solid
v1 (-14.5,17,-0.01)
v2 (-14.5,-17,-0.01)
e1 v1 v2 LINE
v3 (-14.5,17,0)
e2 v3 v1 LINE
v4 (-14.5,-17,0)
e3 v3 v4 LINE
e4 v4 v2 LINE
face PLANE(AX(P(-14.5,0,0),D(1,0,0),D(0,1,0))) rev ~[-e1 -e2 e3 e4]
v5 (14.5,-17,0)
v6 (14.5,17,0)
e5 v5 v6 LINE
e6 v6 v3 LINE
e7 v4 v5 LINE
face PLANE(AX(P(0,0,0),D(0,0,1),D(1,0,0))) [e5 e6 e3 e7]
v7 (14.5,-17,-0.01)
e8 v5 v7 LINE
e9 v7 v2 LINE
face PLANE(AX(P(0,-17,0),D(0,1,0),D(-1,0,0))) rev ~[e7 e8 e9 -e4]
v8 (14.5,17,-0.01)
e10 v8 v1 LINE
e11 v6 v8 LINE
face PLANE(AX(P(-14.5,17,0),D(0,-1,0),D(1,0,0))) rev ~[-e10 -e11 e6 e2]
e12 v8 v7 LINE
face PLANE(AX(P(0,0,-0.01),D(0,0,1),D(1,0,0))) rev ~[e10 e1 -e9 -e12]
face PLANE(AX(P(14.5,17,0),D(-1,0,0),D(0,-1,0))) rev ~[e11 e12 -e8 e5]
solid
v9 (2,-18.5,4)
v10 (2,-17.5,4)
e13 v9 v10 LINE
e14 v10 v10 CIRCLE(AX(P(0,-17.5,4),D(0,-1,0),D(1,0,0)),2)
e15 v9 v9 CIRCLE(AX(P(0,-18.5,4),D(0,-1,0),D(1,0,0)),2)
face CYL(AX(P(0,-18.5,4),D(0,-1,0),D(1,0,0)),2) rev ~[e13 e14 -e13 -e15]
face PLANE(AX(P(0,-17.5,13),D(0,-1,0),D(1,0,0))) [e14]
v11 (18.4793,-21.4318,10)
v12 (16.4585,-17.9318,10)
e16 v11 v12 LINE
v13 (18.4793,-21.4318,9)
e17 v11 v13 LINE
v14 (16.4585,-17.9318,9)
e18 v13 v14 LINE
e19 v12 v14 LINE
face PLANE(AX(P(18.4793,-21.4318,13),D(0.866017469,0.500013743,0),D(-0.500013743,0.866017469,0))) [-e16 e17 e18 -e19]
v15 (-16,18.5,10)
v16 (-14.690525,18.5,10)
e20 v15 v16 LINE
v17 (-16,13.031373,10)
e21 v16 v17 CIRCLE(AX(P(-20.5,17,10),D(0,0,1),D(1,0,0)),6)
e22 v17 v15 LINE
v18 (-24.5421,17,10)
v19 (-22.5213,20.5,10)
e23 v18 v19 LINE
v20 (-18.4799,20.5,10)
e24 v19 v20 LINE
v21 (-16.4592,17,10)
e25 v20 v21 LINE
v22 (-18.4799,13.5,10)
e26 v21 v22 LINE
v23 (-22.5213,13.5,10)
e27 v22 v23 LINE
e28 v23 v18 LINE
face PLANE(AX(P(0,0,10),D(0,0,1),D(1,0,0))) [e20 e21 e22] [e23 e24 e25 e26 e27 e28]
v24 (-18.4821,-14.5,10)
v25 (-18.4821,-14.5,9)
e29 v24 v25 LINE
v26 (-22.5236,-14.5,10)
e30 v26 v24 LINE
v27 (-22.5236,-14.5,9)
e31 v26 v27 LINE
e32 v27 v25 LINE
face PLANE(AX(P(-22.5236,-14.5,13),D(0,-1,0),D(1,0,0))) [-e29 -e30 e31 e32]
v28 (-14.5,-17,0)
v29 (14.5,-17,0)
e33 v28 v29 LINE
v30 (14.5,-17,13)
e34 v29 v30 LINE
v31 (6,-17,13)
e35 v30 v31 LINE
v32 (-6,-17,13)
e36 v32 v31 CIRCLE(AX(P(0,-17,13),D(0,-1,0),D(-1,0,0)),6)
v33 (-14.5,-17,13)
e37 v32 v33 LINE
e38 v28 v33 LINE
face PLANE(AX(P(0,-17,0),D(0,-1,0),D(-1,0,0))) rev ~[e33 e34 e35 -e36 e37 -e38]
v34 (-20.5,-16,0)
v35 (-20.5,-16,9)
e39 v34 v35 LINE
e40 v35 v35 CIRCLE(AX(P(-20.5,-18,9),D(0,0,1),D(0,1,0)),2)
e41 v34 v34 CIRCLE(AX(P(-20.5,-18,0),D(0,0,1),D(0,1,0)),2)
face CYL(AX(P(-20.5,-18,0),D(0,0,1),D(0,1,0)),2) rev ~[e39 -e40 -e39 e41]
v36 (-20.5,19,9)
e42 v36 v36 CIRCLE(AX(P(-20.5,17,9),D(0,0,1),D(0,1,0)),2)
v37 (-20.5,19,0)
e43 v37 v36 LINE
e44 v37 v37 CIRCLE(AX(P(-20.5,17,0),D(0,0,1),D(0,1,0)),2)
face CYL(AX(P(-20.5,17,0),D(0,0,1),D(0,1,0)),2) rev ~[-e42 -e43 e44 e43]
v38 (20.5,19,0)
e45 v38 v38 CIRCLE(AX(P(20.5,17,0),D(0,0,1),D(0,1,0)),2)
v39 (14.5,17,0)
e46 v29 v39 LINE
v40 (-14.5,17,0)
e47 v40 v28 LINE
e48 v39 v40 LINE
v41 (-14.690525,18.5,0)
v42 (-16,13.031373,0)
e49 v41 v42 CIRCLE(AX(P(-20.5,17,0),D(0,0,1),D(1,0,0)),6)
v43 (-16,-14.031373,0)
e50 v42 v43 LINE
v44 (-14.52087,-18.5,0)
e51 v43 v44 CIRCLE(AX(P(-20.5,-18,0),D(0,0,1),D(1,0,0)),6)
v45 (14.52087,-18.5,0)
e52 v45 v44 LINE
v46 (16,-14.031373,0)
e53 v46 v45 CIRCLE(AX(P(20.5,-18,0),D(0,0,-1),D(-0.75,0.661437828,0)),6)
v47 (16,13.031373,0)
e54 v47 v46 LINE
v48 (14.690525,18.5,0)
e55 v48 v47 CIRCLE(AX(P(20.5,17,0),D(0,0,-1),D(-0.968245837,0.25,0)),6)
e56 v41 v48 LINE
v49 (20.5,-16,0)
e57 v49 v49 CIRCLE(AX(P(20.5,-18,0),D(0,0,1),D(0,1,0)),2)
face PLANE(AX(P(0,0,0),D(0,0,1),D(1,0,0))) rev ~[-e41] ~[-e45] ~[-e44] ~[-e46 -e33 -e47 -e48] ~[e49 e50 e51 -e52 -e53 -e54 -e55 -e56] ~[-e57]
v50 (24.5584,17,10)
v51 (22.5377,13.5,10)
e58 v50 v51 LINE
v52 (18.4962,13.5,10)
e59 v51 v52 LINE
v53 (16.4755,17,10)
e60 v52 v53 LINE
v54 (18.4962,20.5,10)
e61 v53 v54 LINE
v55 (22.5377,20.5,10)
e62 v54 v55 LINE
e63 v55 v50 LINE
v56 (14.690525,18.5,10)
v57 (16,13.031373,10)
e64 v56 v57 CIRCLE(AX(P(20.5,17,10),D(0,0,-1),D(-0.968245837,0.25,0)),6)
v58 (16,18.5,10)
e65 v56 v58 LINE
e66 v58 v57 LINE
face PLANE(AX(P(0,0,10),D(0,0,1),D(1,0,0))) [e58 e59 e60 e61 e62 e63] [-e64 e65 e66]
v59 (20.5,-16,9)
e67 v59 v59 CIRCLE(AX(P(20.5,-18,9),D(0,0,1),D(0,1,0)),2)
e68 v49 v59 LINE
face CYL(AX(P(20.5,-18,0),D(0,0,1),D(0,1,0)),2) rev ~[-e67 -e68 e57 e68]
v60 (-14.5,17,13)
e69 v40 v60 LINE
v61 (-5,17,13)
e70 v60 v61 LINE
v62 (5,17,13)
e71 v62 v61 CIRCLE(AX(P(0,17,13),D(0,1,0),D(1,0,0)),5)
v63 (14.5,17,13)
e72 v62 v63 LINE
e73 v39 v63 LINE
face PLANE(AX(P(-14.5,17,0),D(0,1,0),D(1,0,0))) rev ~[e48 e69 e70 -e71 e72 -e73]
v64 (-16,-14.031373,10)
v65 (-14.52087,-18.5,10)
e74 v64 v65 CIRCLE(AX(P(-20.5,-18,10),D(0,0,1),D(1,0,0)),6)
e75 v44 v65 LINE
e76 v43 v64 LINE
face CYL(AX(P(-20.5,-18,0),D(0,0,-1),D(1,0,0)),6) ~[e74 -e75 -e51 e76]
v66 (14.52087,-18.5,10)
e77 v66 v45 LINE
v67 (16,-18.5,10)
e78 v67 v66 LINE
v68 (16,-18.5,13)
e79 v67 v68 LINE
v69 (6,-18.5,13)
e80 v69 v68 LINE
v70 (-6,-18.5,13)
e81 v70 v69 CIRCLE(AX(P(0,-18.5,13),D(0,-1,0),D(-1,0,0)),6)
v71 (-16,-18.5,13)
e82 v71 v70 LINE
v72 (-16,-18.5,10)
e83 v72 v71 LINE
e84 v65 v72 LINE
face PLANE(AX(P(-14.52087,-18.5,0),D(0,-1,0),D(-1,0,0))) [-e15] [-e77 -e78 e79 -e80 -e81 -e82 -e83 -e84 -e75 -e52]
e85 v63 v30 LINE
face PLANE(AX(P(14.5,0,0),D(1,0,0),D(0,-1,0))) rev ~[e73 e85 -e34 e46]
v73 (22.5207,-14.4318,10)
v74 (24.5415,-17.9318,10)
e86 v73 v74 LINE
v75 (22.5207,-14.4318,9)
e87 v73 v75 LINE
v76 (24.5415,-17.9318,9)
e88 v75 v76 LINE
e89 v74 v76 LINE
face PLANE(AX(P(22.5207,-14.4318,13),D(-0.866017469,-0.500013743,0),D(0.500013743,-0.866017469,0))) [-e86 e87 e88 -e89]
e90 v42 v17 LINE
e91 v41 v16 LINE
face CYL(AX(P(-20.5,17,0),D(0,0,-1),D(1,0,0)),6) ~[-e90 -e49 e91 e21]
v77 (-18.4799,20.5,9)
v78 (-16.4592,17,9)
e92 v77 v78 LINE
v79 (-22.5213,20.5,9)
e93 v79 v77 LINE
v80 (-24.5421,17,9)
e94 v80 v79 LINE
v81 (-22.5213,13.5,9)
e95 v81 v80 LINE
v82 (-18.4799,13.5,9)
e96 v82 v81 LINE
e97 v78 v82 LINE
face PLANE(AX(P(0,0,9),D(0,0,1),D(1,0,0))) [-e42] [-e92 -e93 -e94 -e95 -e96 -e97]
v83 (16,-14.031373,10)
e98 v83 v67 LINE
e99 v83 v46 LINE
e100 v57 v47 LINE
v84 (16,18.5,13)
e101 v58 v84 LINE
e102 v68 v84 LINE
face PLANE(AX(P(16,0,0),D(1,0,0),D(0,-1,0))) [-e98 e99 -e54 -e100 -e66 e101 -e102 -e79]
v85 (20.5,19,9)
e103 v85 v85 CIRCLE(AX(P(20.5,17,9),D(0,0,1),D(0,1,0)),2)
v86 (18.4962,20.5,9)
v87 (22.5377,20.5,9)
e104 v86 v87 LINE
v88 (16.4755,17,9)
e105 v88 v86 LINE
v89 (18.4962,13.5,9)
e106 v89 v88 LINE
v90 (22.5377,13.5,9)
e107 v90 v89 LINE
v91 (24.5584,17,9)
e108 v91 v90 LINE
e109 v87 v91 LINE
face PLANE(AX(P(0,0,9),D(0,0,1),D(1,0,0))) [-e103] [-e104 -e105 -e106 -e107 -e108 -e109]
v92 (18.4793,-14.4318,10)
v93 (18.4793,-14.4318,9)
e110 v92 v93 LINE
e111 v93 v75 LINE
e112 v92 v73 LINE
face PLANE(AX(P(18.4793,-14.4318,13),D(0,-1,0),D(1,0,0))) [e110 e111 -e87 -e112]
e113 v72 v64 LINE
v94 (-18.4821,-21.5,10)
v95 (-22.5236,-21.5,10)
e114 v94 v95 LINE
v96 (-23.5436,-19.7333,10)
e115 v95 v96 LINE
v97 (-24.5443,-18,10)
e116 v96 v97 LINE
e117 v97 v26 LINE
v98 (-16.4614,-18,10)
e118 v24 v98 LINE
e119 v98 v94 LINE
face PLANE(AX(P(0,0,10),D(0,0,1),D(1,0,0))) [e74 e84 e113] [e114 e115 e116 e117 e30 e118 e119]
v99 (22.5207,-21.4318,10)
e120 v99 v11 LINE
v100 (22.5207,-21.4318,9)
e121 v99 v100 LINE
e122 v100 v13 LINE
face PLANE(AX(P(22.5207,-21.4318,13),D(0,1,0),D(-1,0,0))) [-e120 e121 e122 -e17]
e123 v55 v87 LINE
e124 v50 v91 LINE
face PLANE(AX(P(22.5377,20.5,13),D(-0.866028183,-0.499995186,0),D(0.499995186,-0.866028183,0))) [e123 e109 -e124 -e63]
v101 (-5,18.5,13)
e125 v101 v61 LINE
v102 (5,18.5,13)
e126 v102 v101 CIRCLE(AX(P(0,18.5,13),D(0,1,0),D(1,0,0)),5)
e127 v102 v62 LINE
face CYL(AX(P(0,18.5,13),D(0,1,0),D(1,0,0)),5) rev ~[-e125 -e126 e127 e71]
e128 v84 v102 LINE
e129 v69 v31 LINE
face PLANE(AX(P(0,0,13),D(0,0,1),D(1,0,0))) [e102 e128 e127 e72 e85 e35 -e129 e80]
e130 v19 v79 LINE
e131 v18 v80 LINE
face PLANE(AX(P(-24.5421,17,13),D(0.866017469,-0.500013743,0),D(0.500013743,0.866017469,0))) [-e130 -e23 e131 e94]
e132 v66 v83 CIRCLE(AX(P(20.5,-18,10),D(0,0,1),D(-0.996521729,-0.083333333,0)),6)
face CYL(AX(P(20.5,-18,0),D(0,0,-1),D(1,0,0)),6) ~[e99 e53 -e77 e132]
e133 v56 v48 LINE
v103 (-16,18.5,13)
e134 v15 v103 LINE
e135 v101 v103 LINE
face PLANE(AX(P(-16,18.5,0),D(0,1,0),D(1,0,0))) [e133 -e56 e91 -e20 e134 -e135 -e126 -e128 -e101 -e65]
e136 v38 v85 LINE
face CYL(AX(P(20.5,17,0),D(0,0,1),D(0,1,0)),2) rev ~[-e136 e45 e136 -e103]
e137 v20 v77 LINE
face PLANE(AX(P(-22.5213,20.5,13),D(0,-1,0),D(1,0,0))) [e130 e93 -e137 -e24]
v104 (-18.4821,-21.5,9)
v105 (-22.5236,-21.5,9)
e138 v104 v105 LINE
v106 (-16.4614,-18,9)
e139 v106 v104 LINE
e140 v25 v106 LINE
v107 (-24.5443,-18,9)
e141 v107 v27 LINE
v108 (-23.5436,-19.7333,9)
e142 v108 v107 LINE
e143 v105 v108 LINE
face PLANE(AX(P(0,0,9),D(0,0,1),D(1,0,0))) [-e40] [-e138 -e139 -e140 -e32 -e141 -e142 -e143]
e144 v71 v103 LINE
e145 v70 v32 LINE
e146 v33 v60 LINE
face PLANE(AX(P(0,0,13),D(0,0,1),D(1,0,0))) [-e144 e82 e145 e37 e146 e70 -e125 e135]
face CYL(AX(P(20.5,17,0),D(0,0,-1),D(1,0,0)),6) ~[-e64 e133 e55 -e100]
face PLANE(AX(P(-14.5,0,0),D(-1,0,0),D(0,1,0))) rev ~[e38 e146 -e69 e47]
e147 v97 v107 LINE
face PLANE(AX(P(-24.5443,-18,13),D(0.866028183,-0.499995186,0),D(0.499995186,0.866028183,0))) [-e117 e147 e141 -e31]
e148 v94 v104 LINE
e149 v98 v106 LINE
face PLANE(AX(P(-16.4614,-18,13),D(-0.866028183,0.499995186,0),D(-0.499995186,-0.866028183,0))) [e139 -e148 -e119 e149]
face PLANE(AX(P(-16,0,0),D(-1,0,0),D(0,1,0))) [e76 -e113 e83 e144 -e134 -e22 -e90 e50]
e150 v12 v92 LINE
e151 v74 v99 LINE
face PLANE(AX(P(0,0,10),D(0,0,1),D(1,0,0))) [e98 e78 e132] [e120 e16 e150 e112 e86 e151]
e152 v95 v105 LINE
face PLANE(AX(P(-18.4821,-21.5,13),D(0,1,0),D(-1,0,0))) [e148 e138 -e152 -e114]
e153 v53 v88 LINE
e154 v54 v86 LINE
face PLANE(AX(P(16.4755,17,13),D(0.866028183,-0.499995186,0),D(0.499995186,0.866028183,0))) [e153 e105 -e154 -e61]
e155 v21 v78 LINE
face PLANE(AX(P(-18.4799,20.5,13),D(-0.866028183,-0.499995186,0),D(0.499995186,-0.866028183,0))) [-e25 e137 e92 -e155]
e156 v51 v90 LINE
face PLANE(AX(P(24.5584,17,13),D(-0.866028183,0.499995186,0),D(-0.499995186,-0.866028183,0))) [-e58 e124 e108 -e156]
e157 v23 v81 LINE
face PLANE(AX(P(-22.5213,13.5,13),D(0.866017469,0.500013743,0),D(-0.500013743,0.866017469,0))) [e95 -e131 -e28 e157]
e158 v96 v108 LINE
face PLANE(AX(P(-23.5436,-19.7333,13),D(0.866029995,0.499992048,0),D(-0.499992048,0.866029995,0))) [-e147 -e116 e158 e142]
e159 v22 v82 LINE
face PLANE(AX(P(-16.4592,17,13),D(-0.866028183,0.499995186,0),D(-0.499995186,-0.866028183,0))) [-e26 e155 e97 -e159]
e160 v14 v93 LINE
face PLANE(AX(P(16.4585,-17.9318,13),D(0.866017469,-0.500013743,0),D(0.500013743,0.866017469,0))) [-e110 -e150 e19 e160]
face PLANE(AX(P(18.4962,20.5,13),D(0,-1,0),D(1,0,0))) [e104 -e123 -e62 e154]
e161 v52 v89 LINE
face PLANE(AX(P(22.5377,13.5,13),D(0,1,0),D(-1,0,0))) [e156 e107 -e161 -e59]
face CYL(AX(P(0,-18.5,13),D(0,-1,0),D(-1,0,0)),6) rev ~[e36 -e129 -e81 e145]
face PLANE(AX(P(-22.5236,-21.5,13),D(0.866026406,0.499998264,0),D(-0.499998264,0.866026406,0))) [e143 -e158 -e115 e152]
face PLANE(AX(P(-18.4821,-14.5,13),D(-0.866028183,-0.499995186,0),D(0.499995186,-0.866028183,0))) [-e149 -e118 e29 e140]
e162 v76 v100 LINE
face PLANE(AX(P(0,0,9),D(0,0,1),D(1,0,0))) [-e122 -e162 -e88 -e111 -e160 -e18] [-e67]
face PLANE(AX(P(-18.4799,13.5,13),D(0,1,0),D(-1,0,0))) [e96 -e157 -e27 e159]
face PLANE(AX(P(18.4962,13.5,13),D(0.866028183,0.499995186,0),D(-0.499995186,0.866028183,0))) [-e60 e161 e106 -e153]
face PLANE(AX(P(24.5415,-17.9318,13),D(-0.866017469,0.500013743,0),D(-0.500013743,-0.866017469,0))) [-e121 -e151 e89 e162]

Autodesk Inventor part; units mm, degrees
ref_plane "YZ Plane" through (0, 0, 0) normal (1, 0, 0) x (0, 1, 0)
ref_plane "XZ Plane" through (0, 0, 0) normal (0, 1, 0) x (-1, 0, 0)
ref_plane "XY Plane" through (0, 0, 0) normal (0, 0, 1) x (1, 0, 0)
sketch "Sketch1" plane through (0, 0, 0) normal (0, 0, 1) x (1, 0, 0)
  line L0 (-37.1, 0) -> (37.1, 0) projected
  line L1 (0, -33.4) -> (0, 32.4) projected
  line L2 (-14.5, 17) -> (14.5, 17)
  line L3 (14.5, 17) -> (14.5, -17)
  line L4 (14.5, -17) -> (-14.5, -17)
  line L5 (-14.5, -17) -> (-14.5, 17)
  line L6 (-14.5, 17) -> (14.5, -17) construction
  line L7 (14.5, 17) -> (-14.5, -17) construction
  line L8 (-16, 18.5) -> (16, 18.5)
  line L9 (16, 18.5) -> (16, -18.5)
  line L10 (16, -18.5) -> (-16, -18.5)
  line L11 (-16, -18.5) -> (-16, 18.5)
  line L12 (-16, 18.5) -> (16, -18.5) construction
  line L13 (16, 18.5) -> (-16, -18.5) construction
  circle A0 centre (20.5, 17) radius 6
  circle A1 centre (20.5, -18) radius 6
  line L14 (22.5207, 13.5) -> (18.4793, 13.5)
  line L15 (18.4793, 13.5) -> (16.4585, 17)
  line L16 (16.4585, 17) -> (18.4793, 20.5)
  line L17 (18.4793, 20.5) -> (22.5207, 20.5)
  line L18 (22.5207, 20.5) -> (24.5415, 17)
  line L19 (24.5415, 17) -> (22.5207, 13.5)
  line L20 (22.5207, -21.5) -> (18.4793, -21.5)
  line L21 (18.4793, -21.5) -> (16.4585, -18)
  line L22 (16.4585, -18) -> (18.4793, -14.5)
  line L23 (18.4793, -14.5) -> (22.5207, -14.5)
  line L24 (22.5207, -14.5) -> (24.5415, -18)
  line L25 (24.5415, -18) -> (22.5207, -21.5)
  circle A2 centre (-20.5, -18) radius 6
  circle A3 centre (-20.5, 17) radius 6
  point P0 (0, 0)
  point P1 (-16, -14.0314)
  point P2 (-14.5209, -18.5)
  point P3 (-14.6905, 18.5)
  point P4 (-16, 13.0314)
  dimension "d45" = 6
  dimension "d0" = 29
  dimension "d1" = 34
  dimension "d2" = 32
  dimension "d3" = 37
  dimension "d13" = 12
  dimension "d14" = 12
  dimension "d15" = 47
  dimension "d16" = 0
  dimension "d18" = 7
  dimension "d19" = 7
extrude "Extrusion1" add sketch "Sketch1" along normal blind 13 contours L11 A3 L5 L0 | L0 L5 L4 L1 L10 A2 L11 | A2 L10 L11 | L11 L8 A3 | A3 L8 L1 L2 | L3 A0 L9 L0 | L0 L9 A1 L10 L1 L4 L3 | L1 L8 A0 L2 | A0 L8 L9 | A1 L9 L10 picked at (-15.7277, -15.917) picked at (-15.7277, 15.2503) picked at (15.7277, 15.2503) picked at (15.7655, -15.848)
extrude "Extrusion2" add sketch "Sketch1" along normal blind 10 contours A0 L8 L9 | A0 L9 L8 | L14 L15 L16 L17 L18 L19
sketch "Sketch3" plane through (-16, -18.5, 13) normal (0, -1, 0) x (1, 0, 0)
  line L0 (32, 0) -> (0, 0) projected
  arc A0 (10, 0) -> (22, 0) centre (16, 0) ccw
  point P0 (16, -13)
  dimension "d36" = 6
extrude "Extrusion6" cut sketch "Sketch3" against normal up to surface (1.5 mm away)
sketch "Sketch4" plane through (-16, 18.5, 13) normal (0, 1, 0) x (1, 0, 0)
  arc A0 (22, 0) -> (10, 0) centre (16, 0) ccw projected
  line L0 (1.5, 0) -> (30.5, 0) projected
  arc A1 (21, 0) -> (11, 0) centre (16, 0) ccw
  point P0 (16, 13)
  point P1 (11, 0)
  dimension "d39" = 5
extrude "Extrusion7" cut sketch "Sketch4" against normal up to surface (1.5 mm away) contours L0 A1
extrude "Extrusion8" add sketch "Sketch1" against normal blind 0.01 contours L5 L2 L1 L0 | L0 L1 L4 L5 | L1 L2 L3 L0 | L0 L3 L4 L1
hole "Hole2" at (20.5, 17, 0) direction (0, 0, 1) diameter 4 end through all
extrude "Extrusion10" add sketch "Sketch1" along normal blind 10 contours L11 L10 A2 picked at (-22.9633, -17.9533)
sketch "Sketch6" plane through (0, 0, 13) normal (0, 0, 1) x (1, 0, 0)
  line L0 (22.5377, 13.5) -> (18.4962, 13.5)
  line L1 (18.4962, 13.5) -> (16.4755, 17)
  line L2 (16.4755, 17) -> (18.4962, 20.5)
  line L3 (18.4962, 20.5) -> (22.5377, 20.5)
  line L4 (22.5377, 20.5) -> (24.5584, 17)
  line L5 (24.5584, 17) -> (22.5377, 13.5)
  line L6 (5, 17) -> (14.5, 17) projected
  point P0 (0, 0)
  point P1 (20.5169, 17)
  dimension "d56" = 7
extrude "Extrusion11" cut sketch "Sketch6" against normal blind 4
extrude "Extrusion12" add sketch "Sketch1" along normal blind 10 contours A1 L9 L10 | L10 L9 A1 | L20 L21 L22 L23 L24 L25
hole "Hole3" at (20.5, -18, 0) direction (0, 0, 1) diameter 4 end through all
hole "Hole4" at (-20.5, -18, 0) direction (0, 0, 1) diameter 4 end through all
sketch "Sketch7" plane through (0, 0, 13) normal (0, 0, 1) x (1, 0, 0)
  line L0 (-18.4821, -21.5) -> (-22.5236, -21.5)
  line L1 (-22.5236, -21.5) -> (-23.5436, -19.7333)
  line L2 (-24.5443, -18) -> (-22.5236, -14.5)
  line L3 (-22.5236, -14.5) -> (-18.4821, -14.5)
  line L4 (-18.4821, -14.5) -> (-16.4614, -18)
  line L5 (-16.4614, -18) -> (-18.4821, -21.5)
  line L6 (-16, -18.5) -> (-6, -18.5) projected
  line L7 (-14.5, 17) -> (-5, 17) projected
  line L8 (-23.5436, -19.7333) -> (-24.5443, -18)
  point P0 (0, 0)
  point P1 (-20.5029, -18)
  point P2 (-14.5, -18)
  dimension "d75" = 7
  dimension "d78" = 31.5
extrude "Extrusion13" add sketch "Sketch1" along normal blind 10 contours A3 L8 L11 picked at (-22.7049, 16.071)
sketch "Sketch8" plane through (0, 0, 13) normal (0, 0, 1) x (1, 0, 0)
  point P0 (0, 0)
hole "Hole5" at (-20.5, 17, 0) direction (0, 0, 1) diameter 4 end through all
sketch "Sketch9" plane through (0, 0, 13) normal (0, 0, 1) x (1, 0, 0)
  line L0 (-18.4799, 13.5) -> (-22.5213, 13.5)
  line L1 (-22.5213, 13.5) -> (-24.5421, 17)
  line L2 (-24.5421, 17) -> (-22.5213, 20.5)
  line L3 (-22.5213, 20.5) -> (-18.4799, 20.5)
  line L4 (-18.4799, 20.5) -> (-16.4592, 17)
  line L5 (-16.4592, 17) -> (-18.4799, 13.5)
  line L6 (-14.5, 17) -> (-5, 17) projected
  point P0 (0, 0)
  point P1 (-20.5006, 17)
  dimension "d89" = 7
extrude "Extrusion14" cut sketch "Sketch9" against normal blind 4
extrude "Extrusion15" cut sketch "Sketch7" against normal blind 4
sketch "Sketch10" plane through (0, 0, 13) normal (0, 0, 1) x (1, 0, 0)
  line L0 (22.5207, -21.4318) -> (18.4793, -21.4318)
  line L1 (18.4793, -21.4318) -> (16.4585, -17.9318)
  line L2 (16.4585, -17.9318) -> (18.4793, -14.4318)
  line L3 (18.4793, -14.4318) -> (22.5207, -14.4318)
  line L4 (22.5207, -14.4318) -> (24.5415, -17.9318)
  line L5 (24.5415, -17.9318) -> (22.5207, -21.4318)
  line L6 (6, -18.5) -> (-6, -18.5) projected
  arc A0 (16, 13.0314) -> (14.6905, 18.5) centre (20.5, 17) ccw projected
  point P0 (0, 0)
  point P1 (20.5, -17.9318)
  point P2 (14.5, -18)
  point P3 (15.5, 13.6834)
  point P4 (14.5839, 18)
  point P5 (15.6266, 13.5)
  point P6 (15.6266, 20.5)
  dimension "d95" = 7
  dimension "d96" = 34.9318
  dimension "d97" = 13.9659
extrude "Extrusion16" cut sketch "Sketch10" against normal blind 4
sketch "Sketch14" plane through (0, -18.5, 13) normal (0, -1, 0) x (1, 0, 0)
  circle A0 centre (0, -9) radius 2
  line L0 (-14.5209, -13) -> (14.5209, -13) projected
  point P0 (0, -13)
  dimension "d106" = 4
  dimension "d107" = 4
extrude "Extrusion18" cut sketch "Sketch14" against normal blind 1
properties part number "uchwyt_maly_silnik" material "PC/ABS Plastic"
